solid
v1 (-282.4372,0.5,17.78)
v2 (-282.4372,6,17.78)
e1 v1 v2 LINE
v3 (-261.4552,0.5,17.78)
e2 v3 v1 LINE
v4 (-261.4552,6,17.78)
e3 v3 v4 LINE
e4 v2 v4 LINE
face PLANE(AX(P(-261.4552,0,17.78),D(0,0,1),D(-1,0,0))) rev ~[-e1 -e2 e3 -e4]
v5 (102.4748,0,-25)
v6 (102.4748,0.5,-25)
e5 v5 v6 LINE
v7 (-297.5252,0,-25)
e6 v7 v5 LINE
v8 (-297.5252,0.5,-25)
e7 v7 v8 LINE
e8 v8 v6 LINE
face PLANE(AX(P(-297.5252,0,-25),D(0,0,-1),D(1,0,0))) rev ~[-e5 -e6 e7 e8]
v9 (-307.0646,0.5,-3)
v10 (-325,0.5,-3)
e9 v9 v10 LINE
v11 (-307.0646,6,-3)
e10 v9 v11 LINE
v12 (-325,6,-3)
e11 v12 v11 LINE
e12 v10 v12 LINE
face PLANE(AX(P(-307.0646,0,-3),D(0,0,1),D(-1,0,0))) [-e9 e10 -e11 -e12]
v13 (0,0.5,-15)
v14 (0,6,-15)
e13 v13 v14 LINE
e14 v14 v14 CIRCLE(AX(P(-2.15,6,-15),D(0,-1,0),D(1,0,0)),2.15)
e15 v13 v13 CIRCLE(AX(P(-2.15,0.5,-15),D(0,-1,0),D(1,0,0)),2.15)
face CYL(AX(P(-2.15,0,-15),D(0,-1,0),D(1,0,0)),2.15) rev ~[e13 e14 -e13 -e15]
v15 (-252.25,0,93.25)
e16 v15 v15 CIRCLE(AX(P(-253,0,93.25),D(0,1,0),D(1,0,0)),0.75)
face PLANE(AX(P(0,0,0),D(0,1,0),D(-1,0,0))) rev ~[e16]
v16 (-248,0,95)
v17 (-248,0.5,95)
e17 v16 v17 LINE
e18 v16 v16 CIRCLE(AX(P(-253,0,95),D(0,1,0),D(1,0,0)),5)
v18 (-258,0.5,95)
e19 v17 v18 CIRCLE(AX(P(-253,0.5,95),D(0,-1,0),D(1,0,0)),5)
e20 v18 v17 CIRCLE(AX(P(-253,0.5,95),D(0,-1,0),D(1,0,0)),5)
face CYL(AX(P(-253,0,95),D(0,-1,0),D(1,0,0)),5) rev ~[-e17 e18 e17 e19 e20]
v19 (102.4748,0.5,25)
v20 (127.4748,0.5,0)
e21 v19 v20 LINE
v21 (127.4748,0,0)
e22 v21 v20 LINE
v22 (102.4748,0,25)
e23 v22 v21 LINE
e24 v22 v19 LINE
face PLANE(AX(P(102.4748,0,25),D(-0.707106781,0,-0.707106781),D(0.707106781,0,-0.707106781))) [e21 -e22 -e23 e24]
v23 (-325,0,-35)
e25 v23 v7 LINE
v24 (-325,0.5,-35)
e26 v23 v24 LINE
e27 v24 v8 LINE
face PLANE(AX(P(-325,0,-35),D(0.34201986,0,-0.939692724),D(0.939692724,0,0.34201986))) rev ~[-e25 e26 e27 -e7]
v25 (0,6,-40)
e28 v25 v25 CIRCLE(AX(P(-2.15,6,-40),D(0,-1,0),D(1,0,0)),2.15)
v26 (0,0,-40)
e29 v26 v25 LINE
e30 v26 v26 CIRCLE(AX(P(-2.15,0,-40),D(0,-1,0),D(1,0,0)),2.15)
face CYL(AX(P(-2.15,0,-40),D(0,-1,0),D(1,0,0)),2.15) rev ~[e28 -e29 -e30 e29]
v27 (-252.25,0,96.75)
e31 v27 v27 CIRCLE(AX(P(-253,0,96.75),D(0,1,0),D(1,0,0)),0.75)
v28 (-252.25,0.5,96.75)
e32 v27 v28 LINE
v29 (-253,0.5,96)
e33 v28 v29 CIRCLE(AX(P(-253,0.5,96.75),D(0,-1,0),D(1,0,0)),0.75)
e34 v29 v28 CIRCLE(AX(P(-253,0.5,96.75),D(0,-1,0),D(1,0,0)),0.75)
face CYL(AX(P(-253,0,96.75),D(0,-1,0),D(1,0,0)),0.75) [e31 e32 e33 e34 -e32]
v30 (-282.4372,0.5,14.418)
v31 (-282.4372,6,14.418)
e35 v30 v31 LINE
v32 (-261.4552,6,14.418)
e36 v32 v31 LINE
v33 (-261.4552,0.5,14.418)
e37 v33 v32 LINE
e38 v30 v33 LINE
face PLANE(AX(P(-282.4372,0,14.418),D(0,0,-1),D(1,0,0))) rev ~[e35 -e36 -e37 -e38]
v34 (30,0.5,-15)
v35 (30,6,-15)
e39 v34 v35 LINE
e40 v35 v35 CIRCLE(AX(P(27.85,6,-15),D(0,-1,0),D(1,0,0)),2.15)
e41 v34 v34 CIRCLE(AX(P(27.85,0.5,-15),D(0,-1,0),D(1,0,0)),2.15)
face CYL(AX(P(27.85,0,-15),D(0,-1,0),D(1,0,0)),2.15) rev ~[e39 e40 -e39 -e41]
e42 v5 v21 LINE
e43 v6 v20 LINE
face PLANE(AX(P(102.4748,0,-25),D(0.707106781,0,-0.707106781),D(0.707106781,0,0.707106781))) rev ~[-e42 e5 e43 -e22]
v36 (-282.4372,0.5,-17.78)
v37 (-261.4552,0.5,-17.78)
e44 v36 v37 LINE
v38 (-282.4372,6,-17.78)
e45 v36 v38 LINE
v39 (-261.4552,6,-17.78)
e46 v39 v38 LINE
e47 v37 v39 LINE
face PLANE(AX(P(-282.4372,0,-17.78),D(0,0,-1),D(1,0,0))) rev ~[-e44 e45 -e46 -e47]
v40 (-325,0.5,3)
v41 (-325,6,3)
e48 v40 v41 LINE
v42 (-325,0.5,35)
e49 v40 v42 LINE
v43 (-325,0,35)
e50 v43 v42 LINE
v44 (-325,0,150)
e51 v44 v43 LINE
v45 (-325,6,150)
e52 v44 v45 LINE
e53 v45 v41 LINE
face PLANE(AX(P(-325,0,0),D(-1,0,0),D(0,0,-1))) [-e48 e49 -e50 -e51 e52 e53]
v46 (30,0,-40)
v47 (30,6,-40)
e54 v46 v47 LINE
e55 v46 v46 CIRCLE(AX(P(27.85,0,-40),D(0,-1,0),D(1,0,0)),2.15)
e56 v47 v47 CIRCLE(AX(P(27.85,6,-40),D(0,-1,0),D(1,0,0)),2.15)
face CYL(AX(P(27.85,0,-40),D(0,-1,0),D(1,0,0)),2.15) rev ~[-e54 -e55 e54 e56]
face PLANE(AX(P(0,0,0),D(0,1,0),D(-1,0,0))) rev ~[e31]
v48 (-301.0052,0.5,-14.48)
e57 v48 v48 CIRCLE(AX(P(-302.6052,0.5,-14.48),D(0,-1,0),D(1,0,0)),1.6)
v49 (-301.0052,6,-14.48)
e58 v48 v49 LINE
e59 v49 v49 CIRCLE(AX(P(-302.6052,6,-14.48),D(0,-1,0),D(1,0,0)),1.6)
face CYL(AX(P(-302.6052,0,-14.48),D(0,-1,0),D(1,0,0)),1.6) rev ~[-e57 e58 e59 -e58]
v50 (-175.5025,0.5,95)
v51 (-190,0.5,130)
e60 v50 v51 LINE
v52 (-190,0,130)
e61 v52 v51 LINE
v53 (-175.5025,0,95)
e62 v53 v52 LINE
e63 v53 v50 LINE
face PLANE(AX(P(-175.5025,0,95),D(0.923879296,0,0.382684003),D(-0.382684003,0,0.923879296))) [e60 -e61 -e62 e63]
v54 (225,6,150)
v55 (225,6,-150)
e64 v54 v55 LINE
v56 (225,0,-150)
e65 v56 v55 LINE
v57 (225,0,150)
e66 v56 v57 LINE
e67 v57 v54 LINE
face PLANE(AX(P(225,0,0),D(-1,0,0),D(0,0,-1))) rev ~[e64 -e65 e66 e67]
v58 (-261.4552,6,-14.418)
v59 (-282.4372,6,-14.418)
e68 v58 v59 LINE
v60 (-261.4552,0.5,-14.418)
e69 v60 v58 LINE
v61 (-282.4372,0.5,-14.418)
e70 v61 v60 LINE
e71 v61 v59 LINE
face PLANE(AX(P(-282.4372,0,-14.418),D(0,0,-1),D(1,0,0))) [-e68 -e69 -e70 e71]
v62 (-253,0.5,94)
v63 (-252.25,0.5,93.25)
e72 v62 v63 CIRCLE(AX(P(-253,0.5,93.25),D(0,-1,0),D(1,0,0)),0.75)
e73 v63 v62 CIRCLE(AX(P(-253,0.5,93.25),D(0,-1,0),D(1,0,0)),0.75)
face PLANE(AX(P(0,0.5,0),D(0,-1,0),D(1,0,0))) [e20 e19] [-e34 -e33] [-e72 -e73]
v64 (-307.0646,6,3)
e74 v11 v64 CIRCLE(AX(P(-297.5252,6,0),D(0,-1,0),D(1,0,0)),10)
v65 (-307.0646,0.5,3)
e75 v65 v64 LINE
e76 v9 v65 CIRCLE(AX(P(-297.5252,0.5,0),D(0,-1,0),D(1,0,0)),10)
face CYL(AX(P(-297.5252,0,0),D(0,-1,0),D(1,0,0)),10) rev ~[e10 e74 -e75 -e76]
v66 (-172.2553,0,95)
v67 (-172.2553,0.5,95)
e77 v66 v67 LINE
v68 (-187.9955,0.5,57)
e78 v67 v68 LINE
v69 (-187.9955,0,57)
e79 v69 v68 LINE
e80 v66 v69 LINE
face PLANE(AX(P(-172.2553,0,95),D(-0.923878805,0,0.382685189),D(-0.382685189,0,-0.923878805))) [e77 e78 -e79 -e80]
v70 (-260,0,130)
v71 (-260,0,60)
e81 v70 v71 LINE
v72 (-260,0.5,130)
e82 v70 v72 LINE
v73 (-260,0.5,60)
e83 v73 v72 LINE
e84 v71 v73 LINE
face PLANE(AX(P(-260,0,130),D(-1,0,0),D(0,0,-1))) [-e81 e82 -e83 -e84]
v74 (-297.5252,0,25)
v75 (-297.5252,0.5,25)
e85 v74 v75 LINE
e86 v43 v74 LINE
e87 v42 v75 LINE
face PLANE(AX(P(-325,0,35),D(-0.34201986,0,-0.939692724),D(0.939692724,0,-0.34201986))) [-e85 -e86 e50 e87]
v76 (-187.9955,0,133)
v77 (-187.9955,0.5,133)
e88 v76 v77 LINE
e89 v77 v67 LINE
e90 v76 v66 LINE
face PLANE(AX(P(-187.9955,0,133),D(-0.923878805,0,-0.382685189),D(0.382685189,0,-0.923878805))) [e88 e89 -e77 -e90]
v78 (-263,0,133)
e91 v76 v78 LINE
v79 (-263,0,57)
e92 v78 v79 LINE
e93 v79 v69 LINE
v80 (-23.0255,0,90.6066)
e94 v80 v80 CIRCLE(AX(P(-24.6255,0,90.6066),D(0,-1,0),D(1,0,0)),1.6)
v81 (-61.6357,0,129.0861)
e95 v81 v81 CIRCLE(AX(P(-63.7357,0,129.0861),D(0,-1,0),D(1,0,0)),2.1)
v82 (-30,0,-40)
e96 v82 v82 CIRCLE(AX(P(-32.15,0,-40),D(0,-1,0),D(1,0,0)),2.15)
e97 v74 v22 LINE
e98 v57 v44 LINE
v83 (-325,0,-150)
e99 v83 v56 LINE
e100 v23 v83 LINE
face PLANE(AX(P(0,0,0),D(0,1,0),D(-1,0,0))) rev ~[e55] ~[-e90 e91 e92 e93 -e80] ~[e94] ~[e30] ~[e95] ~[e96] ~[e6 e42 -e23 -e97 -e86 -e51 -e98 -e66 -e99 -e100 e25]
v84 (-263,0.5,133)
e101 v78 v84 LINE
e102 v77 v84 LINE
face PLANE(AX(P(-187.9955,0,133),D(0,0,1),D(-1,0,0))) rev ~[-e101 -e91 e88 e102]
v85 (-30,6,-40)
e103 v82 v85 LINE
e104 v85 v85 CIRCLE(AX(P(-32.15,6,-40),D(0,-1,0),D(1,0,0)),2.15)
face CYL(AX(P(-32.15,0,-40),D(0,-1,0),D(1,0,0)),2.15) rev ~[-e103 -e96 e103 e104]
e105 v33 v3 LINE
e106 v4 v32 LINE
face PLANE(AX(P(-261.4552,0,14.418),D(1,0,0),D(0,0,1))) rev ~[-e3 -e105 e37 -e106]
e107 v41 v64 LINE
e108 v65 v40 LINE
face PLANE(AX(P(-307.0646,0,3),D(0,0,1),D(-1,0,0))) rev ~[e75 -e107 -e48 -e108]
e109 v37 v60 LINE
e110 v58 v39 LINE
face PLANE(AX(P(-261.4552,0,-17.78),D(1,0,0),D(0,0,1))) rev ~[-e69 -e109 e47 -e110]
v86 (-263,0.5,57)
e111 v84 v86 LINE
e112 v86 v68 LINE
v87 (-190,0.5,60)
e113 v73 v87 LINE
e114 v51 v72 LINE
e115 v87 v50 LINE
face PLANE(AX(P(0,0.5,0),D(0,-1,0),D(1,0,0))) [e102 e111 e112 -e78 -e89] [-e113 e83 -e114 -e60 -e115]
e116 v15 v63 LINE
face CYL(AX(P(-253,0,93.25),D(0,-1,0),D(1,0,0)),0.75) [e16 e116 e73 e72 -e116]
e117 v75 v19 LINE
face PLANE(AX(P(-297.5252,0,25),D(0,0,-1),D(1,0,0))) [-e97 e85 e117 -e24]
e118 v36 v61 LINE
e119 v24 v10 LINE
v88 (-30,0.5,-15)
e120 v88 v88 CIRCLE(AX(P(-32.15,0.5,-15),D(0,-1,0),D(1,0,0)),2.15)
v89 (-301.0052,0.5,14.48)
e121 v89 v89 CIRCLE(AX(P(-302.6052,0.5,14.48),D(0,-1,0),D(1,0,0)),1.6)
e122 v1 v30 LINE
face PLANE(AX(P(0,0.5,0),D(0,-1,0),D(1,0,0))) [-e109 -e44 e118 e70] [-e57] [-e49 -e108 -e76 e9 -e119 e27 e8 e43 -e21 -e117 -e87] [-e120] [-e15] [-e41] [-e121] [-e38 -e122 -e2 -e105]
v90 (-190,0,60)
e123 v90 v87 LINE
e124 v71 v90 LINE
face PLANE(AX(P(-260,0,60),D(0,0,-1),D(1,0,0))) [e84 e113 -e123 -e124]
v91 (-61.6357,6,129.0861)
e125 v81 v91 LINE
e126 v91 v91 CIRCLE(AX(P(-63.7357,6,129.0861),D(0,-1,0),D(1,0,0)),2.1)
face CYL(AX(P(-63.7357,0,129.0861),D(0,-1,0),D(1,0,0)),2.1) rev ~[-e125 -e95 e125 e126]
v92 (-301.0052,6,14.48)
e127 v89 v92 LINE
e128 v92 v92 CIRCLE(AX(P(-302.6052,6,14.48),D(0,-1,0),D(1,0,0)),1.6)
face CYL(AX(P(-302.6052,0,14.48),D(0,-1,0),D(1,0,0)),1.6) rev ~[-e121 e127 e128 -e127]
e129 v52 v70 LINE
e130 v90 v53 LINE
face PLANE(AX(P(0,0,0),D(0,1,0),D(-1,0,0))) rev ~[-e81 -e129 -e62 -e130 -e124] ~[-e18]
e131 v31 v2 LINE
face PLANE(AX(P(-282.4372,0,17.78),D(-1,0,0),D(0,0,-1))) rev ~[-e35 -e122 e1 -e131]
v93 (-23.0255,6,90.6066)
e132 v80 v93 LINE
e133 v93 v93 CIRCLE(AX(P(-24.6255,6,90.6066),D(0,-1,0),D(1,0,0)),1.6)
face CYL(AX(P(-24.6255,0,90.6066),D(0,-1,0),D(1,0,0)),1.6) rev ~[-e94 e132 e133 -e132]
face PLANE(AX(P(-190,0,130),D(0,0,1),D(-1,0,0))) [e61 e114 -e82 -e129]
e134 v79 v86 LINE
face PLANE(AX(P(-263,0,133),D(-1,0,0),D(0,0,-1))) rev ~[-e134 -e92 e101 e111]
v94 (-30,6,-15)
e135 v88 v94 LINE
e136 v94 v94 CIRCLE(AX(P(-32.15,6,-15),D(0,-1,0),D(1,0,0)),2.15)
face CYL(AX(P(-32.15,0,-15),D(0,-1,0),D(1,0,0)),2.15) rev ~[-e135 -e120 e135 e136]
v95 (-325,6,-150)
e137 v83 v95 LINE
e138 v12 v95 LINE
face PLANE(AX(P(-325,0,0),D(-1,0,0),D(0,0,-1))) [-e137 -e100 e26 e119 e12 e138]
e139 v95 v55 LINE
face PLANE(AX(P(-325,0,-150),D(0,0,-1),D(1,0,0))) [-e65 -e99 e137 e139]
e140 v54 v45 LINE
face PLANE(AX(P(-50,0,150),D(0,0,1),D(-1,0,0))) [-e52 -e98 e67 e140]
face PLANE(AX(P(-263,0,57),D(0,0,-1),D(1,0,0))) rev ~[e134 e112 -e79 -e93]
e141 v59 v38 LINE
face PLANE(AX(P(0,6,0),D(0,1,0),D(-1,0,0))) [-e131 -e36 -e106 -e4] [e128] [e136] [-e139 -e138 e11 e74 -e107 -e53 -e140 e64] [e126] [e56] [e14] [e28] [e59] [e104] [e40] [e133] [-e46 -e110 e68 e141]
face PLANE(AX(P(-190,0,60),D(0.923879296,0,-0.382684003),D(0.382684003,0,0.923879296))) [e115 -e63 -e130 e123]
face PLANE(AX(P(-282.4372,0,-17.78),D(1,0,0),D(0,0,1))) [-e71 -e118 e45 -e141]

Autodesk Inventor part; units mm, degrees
ref_plane "YZ Plane" through (0, 0, 0) normal (1, 0, 0) x (0, 1, 0)
ref_plane "XZ Plane" through (0, 0, 0) normal (0, 1, 0) x (-1, 0, 0)
ref_plane "XY Plane" through (0, 0, 0) normal (0, 0, 1) x (1, 0, 0)
sketch "Эскиз1" plane through (0, 0, 0) normal (0, 1, 0) x (-1, 0, 0)
  ellipse E0 centre (50, 0) end of major axis (50, -150) minor radius 275
  line L0 (50, 150) -> (-225, 150)
  line L1 (-225, 150) -> (-225, -150)
  line L2 (-225, -150) -> (50, -150)
  line L3 (50, -150) -> (50, 150)
  line L4 (50, 150) -> (325, 150)
  line L5 (325, 150) -> (325, -150)
  line L6 (325, -150) -> (50, -150)
  line L7 (50, -150) -> (50, 150)
  point P0 (0, 0)
  point P1 (50, -150)
  point P2 (50, 0)
  dimension "d0" = 275
  dimension "d1" = 150
  dimension "d40" = 325
extrude "Выдавливание1" add sketch "Эскиз1" along normal blind 6
sketch "Эскиз2" plane through (0, 0, 0) normal (0, -1, 0) x (1, 0, 0)
  line L0 (-260, 60) -> (-190, 60)
  line L1 (-190, 60) -> (-190, 130)
  line L2 (-190, 130) -> (-260, 130)
  line L3 (-260, 130) -> (-260, 60)
  line L4 (-190, 60) -> (-175.5025, 95)
  line L5 (-175.5025, 95) -> (-190, 130)
  line L6 (-325, 150) -> (225, 150) projected
  line L7 (-325, 150) -> (225, 150) projected
  line L8 (-250, 190) -> (-331.0569, 190) construction
  line L9 (-175.5025, 51.7755) -> (-260, 130) construction
  line L10 (-260, 60) -> (-175.5025, 138.2245) construction
  circle A0 centre (-222.1933, 95) radius 14.4069 construction
  line L11 (-187.9955, 133) -> (-263, 133)
  line L12 (-263, 133) -> (-263, 57)
  line L13 (-263, 57) -> (-187.9955, 57)
  line L14 (-187.9955, 133) -> (-172.2553, 95)
  line L15 (-172.2553, 95) -> (-187.9955, 57)
  line L16 (-260, 95) -> (-253, 95)
  circle A1 centre (-253, 95) radius 5
  circle A2 centre (-253, 96.75) radius 0.75
  circle A3 centre (-253, 93.25) radius 0.75
  line L17 (-253, 93.25) -> (-253, 96.75)
  line L18 (-325, -150) -> (-325, 150) projected
  line L19 (-325, -150) -> (-325, 150) projected
  line L20 (-325, 35) -> (-297.5252, 25)
  line L21 (-297.5252, 25) -> (102.4748, 25)
  line L22 (102.4748, 25) -> (127.4748, 0)
  line L23 (225, 150) -> (225, -150) projected
  line L24 (225, 0) -> (-325, 0) construction
  line L25 (-325, -35) -> (-297.5252, -25)
  line L26 (-297.5252, -25) -> (102.4748, -25)
  line L27 (102.4748, -25) -> (127.4748, 0)
  point P0 (-325, -115)
  point P1 (-325, 115)
  point P2 (-331.0569, 190)
  dimension "d12" = 135
  dimension "d13" = 70
  dimension "d16" = 3
  dimension "d17" = 3
  dimension "d20" = 7
  dimension "d21" = 10
  dimension "d35" = 55
  dimension "d37" = 1.75
  dimension "d38" = 1.5
  dimension "d57" = 62
  dimension "d59" = 70
  dimension "d60" = 135
  dimension "d62" = 400
  dimension "d63" = 35
  dimension "d64" = 25
  dimension "d65" = 32
extrude "Выдавливание2" cut sketch "Эскиз2" against normal blind 0.5
sketch "Эскиз3" plane through (0, 0, 0) normal (0, -1, 0) x (1, 0, 0)
  circle A0 centre (-297.5252, 0) radius 10
  line L0 (-295, -14.0809) -> (-297.5252, 0) construction
  circle A1 centre (-302.6052, -14.48) radius 1.6
  line L1 (-325, -35) -> (-325, 35) projected
  line L2 (-325, 0) -> (327.0887, 0) construction
  line L3 (-305.9052, -17.78) -> (-261.4552, -17.78)
  line L4 (-261.4552, -17.78) -> (-261.4552, 17.78)
  line L5 (-261.4552, 17.78) -> (-305.9052, 17.78)
  line L6 (-305.9052, 17.78) -> (-305.9052, -17.78)
  line L7 (-261.4552, -17.78) -> (-285.6608, 0) construction
  line L8 (-261.4552, 17.78) -> (-285.6608, 0) construction
  line L9 (-261.4552, 17.78) -> (-282.4372, 17.78)
  line L10 (-282.4372, 17.78) -> (-282.4372, 14.418)
  line L11 (-282.4372, 14.418) -> (-261.4552, 14.418)
  line L12 (-261.4552, 14.418) -> (-261.4552, 17.78)
  line L13 (-282.4372, -17.78) -> (-282.4372, -14.418)
  line L14 (-282.4372, -14.418) -> (-261.4552, -14.418)
  circle A2 centre (-302.6052, 14.48) radius 1.6
  line L15 (-297.5252, -25) -> (-325, -35) projected
  line L16 (102.4748, -25) -> (-297.5252, -25) projected
  line L17 (-325, 35) -> (-297.5252, 25) projected
  line L18 (-297.5252, 25) -> (102.4748, 25) projected
  line L19 (-297.5252, 25) -> (102.4748, 25) projected
  line L20 (-297.5252, -25) -> (-297.5252, 25) construction
  line L21 (-307.0646, 3) -> (-325, 3)
  line L22 (-307.0646, -3) -> (-325, -3)
  point P0 (0, 0)
  point P1 (-325, 25)
  point P2 (-305.9052, 5.4567)
  point P3 (-305.9052, -5.4567)
  point P4 (-282.4372, 17.78)
  dimension "d22" = 20
  dimension "d23" = 5.08
  dimension "d25" = 14.48
  dimension "d26" = 3.2
  dimension "d28" = 44.45
  dimension "d29" = 35.56
  dimension "d30" = 8.38
  dimension "d31" = 3.362
  dimension "d32" = 20.982
  dimension "d67" = 3
extrude "Выдавливание3" cut sketch "Эскиз3" against normal blind 14.48 contours A0 L6 | A0 L22 L1 L21 | A0 L6 | L5 L4 L11 L10 | L13 L14 L4 L3 | A1 | A2
sketch "Эскиз4" plane through (0, 0, 0) normal (0, -1, 0) x (1, 0, 0)
  line L0 (0, 0) -> (-4.3, 0) construction
  line L1 (-4.3, 0) -> (-4.3, -50) construction
  line L2 (-4.3, -50) -> (0, -50) construction
  line L3 (0, -50) -> (0, 0) construction
  circle A0 centre (-2.15, -15) radius 2.15
  circle A1 centre (-2.15, -40) radius 2.15
  line L4 (-30, 0) -> (-34.3, 0) construction
  line L5 (-34.3, 0) -> (-34.3, -50) construction
  line L6 (-34.3, -50) -> (-30, -50) construction
  line L7 (-30, -50) -> (-30, 0) construction
  circle A2 centre (-32.15, -15) radius 2.15
  circle A3 centre (-32.15, -40) radius 2.15
  line L8 (30, 0) -> (25.7, 0) construction
  line L9 (25.7, 0) -> (25.7, -50) construction
  line L10 (25.7, -50) -> (30, -50) construction
  line L11 (30, -50) -> (30, 0) construction
  circle A4 centre (27.85, -15) radius 2.15
  circle A5 centre (27.85, -40) radius 2.15
  line L12 (0, 0) -> (-4.3, 0) construction
  line L13 (-4.3, 0) -> (-4.3, -50) construction
  line L14 (-4.3, -50) -> (0, -50) construction
  line L15 (0, -50) -> (0, 0) construction
  circle A6 centre (-2.15, -15) radius 2.15
  circle A7 centre (-2.15, -40) radius 2.15
  circle A8 centre (-63.7357, 129.0861) radius 2.1
  circle A9 centre (-24.6255, 90.6066) radius 1.6
  dimension "d41" = 4.3
  dimension "d42" = 50
  dimension "d43" = 10
  dimension "d44" = 15
  dimension "d47" = 30
  dimension "d50" = 30
  dimension "d53" = 4.2
  dimension "d54" = 3.2
extrude "Выдавливание4" cut sketch "Эскиз4" against normal blind 10
equation "\"d33\" = d25"
properties part number "щиток"
